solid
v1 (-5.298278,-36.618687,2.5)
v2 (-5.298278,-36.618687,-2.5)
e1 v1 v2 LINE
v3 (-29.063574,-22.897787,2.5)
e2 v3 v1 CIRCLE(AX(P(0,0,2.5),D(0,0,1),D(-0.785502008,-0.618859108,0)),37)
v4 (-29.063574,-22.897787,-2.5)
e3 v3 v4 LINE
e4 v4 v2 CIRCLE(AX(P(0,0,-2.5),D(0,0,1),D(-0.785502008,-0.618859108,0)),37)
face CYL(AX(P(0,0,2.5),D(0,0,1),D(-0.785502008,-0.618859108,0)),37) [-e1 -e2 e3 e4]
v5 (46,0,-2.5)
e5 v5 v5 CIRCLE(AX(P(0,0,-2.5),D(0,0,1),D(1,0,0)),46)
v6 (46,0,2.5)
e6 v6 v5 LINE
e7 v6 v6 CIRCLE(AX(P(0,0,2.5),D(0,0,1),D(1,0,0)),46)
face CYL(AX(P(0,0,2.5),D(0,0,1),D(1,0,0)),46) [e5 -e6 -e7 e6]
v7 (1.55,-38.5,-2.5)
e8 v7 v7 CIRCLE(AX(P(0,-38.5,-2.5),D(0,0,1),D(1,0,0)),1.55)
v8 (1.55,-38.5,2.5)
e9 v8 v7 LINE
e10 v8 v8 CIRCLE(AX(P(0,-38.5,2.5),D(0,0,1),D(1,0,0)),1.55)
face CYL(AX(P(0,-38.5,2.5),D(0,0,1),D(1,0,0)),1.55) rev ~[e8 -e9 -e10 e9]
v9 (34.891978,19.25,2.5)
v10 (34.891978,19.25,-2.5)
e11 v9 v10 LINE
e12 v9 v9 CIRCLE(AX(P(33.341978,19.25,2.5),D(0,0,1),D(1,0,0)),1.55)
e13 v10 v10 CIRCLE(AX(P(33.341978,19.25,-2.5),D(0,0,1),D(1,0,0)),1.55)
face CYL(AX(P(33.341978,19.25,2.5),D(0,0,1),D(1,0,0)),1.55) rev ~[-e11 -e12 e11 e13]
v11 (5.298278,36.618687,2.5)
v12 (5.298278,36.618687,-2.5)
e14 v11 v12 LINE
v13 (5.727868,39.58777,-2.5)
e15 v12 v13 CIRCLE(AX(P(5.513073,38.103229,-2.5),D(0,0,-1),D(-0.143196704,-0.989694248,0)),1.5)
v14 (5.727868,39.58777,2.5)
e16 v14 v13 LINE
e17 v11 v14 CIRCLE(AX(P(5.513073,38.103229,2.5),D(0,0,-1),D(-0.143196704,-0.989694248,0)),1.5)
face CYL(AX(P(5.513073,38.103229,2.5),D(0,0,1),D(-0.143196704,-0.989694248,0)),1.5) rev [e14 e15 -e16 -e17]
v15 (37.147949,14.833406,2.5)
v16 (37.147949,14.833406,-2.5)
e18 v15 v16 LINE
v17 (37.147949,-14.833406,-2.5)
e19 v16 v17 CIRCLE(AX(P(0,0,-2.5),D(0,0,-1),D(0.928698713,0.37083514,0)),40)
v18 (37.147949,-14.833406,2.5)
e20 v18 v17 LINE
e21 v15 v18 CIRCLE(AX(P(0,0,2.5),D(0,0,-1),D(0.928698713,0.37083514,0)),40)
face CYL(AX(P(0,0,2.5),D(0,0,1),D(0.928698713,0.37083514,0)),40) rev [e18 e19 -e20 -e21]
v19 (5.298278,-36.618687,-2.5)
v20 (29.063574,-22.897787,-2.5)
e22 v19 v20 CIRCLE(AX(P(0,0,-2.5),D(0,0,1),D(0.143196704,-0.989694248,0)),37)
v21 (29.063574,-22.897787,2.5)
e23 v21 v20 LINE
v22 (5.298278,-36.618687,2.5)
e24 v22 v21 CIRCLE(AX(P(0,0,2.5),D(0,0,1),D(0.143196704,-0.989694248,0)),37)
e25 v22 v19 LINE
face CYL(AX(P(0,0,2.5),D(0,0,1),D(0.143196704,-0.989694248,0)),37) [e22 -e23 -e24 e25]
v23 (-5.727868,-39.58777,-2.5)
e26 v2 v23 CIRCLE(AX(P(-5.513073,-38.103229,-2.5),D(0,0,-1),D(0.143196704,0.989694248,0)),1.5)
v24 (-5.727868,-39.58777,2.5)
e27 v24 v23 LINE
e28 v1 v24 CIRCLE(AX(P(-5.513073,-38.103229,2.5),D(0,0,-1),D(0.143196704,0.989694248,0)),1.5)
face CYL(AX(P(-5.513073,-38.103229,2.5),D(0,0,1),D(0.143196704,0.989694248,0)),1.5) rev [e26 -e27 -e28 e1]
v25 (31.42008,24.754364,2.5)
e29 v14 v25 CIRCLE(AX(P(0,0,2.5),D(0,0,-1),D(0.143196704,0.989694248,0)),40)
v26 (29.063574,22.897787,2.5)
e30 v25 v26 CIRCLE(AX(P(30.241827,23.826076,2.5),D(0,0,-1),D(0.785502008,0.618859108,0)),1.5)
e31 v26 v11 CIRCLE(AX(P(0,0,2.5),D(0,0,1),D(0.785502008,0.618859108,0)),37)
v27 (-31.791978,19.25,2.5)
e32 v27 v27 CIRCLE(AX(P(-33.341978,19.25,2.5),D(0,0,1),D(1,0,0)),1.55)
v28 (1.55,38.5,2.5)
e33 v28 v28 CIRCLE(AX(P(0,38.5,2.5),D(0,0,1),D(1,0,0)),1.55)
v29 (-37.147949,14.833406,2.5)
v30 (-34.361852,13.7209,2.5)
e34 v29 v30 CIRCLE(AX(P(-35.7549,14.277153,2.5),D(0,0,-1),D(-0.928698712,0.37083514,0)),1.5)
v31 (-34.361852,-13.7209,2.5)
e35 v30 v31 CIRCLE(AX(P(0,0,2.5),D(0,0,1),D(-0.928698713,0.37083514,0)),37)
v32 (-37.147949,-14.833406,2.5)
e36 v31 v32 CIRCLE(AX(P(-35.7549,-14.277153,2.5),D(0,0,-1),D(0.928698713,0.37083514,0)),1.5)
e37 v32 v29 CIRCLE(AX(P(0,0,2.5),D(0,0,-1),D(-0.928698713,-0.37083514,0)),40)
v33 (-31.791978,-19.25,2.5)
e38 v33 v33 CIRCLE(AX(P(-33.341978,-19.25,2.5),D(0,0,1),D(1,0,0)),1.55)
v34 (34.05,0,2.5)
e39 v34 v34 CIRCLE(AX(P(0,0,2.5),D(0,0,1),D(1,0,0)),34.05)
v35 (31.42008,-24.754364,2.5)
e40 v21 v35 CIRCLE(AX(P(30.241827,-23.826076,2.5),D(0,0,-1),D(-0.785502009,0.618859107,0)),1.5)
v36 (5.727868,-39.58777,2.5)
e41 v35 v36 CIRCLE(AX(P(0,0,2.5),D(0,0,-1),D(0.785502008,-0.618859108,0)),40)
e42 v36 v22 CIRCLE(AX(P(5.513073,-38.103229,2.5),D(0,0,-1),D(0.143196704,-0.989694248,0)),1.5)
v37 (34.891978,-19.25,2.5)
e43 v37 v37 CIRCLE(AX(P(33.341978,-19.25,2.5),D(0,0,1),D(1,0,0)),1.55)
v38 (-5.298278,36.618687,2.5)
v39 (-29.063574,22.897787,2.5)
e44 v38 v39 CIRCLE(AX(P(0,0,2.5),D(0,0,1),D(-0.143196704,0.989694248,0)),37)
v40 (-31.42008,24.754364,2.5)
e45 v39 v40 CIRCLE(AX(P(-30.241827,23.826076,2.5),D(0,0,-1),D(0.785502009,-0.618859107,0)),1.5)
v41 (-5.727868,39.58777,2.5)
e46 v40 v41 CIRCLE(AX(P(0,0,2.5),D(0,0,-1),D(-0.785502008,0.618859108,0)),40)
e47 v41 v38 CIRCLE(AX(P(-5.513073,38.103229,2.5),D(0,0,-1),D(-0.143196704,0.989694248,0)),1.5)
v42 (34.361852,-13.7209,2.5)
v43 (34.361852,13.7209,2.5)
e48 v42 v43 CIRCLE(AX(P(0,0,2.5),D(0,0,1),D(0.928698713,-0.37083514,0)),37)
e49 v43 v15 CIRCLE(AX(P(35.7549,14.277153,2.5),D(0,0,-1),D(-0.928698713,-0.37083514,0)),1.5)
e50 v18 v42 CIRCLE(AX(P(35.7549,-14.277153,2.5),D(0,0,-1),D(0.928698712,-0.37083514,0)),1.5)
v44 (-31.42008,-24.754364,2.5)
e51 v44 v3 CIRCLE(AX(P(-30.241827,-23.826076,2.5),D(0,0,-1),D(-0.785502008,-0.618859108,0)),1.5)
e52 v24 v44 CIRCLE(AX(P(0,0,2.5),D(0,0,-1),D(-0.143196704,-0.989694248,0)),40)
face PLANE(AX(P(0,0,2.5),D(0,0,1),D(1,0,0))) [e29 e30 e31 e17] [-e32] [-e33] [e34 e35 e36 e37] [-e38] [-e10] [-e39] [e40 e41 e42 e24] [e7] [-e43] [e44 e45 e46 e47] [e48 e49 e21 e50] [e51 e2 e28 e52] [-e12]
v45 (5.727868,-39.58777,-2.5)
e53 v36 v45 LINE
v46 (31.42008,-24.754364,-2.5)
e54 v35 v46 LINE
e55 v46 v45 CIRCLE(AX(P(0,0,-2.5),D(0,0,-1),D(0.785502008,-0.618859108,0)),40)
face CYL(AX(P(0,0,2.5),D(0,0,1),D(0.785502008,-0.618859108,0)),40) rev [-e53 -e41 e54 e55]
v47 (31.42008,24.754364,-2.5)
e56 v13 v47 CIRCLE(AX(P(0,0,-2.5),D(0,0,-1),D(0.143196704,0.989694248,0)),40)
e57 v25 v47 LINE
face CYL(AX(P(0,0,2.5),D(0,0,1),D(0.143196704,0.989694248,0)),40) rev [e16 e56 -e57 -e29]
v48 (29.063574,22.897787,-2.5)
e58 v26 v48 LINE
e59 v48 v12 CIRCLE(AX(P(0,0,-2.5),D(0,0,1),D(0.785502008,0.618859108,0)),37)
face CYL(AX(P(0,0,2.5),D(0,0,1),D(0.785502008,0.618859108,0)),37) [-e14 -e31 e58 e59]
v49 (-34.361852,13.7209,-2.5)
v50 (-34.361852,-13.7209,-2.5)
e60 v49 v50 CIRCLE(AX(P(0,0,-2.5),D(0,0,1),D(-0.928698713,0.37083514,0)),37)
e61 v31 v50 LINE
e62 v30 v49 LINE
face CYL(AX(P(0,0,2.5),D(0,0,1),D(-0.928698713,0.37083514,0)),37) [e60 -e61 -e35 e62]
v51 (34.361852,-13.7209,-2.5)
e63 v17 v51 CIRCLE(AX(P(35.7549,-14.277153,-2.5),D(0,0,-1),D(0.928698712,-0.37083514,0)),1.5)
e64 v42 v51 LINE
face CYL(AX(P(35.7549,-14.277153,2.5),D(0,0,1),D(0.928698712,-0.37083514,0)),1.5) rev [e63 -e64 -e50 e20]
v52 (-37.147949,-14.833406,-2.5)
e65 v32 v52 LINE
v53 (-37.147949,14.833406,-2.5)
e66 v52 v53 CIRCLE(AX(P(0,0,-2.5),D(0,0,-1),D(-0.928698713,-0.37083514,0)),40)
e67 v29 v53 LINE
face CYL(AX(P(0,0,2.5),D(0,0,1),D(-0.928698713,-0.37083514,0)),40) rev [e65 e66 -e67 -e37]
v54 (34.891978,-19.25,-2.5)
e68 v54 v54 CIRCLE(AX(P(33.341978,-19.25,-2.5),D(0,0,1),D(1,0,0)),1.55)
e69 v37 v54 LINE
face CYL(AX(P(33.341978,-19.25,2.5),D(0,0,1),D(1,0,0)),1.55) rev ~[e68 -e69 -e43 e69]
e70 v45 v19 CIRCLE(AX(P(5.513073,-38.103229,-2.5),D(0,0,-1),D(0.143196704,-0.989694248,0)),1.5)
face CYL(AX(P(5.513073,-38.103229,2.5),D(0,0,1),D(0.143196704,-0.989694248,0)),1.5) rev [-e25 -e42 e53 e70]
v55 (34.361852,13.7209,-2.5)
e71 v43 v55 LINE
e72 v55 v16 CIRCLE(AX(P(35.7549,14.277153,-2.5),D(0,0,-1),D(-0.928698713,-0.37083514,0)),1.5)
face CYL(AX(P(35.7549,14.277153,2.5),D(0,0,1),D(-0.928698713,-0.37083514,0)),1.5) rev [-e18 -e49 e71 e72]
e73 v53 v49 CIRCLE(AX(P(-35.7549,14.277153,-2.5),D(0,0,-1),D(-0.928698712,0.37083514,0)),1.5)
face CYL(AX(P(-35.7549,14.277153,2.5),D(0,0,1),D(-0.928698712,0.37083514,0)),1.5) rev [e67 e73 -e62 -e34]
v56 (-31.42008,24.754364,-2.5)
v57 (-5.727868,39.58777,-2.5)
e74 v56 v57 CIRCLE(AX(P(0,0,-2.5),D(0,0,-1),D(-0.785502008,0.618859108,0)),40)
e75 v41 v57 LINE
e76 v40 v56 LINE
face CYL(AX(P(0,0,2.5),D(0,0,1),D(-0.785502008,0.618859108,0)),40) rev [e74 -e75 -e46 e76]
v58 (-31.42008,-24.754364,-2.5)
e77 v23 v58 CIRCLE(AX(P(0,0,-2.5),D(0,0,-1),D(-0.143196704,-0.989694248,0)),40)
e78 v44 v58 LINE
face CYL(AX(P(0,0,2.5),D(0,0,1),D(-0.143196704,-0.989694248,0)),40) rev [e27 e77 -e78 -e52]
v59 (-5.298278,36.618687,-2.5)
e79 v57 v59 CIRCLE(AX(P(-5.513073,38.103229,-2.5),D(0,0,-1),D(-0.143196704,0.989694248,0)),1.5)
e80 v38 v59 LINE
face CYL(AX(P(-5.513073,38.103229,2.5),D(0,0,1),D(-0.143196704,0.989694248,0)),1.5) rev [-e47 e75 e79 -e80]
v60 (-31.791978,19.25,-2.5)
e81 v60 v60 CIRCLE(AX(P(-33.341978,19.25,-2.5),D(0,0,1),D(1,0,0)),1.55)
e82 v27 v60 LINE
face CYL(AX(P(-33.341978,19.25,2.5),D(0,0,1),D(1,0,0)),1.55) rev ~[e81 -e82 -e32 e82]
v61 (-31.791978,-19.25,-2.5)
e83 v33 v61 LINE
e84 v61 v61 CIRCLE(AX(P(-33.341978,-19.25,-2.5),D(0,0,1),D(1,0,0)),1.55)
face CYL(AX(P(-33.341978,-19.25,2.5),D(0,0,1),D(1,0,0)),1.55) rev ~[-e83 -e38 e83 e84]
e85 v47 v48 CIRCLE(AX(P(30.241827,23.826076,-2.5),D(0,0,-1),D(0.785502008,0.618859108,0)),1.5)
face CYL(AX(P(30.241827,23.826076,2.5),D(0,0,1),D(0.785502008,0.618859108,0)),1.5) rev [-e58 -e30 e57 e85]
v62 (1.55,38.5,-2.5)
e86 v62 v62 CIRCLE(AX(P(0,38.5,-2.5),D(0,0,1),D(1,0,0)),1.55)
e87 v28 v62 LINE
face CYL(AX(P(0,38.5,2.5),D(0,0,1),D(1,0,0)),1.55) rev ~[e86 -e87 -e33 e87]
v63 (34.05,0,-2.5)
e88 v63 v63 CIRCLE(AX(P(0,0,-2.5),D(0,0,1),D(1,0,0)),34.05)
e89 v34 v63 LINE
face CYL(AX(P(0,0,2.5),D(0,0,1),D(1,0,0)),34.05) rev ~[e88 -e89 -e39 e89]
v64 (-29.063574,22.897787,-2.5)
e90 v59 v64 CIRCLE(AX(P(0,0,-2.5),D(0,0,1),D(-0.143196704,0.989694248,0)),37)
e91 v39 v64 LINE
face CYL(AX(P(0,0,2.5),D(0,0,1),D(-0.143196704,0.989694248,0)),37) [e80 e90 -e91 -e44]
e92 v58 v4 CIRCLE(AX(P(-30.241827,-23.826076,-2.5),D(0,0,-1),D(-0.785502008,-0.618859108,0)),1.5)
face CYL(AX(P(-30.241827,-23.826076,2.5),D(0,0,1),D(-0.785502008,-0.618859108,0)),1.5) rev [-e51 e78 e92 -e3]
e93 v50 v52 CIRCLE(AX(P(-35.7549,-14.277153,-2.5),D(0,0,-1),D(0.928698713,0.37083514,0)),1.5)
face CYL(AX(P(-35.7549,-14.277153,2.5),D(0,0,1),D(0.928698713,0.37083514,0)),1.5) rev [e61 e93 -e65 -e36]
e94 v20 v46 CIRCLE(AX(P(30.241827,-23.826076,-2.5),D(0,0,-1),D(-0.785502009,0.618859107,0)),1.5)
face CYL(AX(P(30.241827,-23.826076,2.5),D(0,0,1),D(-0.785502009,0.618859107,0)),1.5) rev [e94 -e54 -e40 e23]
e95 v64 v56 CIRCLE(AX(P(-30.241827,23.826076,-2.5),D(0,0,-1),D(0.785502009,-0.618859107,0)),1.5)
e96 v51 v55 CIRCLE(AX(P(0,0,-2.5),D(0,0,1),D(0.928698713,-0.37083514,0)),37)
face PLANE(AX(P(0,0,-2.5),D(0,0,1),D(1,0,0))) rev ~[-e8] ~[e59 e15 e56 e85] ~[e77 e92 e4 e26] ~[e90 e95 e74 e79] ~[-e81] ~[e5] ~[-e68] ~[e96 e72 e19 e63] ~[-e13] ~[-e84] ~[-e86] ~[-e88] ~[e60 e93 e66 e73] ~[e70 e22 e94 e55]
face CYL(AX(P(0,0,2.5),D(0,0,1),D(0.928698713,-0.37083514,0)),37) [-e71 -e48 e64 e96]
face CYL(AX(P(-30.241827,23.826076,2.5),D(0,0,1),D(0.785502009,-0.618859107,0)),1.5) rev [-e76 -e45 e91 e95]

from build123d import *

# Parameters (mm, degrees)
SKETCH_1_R      = 46
SKETCH_1_R_2    = 1.55
SKETCH_1_R_3    = 34.05
EXTRUDE_1_DEPTH = 5


with BuildPart() as part:
    # 草图1 → 凸台-拉伸1 (new body)
    with BuildSketch(Plane.XY.offset(2.5)):
        Circle(SKETCH_1_R)
        with Locations((33.341978046, 19.25)):
            Circle(SKETCH_1_R_2, mode=Mode.SUBTRACT)
        with Locations((33.341978046, -19.25)):
            Circle(SKETCH_1_R_2, mode=Mode.SUBTRACT)
        with Locations((0, -38.5)):
            Circle(SKETCH_1_R_2, mode=Mode.SUBTRACT)
        with Locations((-33.341978046, -19.25)):
            Circle(SKETCH_1_R_2, mode=Mode.SUBTRACT)
        with Locations((-33.341978046, 19.25)):
            Circle(SKETCH_1_R_2, mode=Mode.SUBTRACT)
        with Locations((0, 38.5)):
            Circle(SKETCH_1_R_2, mode=Mode.SUBTRACT)
        Circle(SKETCH_1_R_3, mode=Mode.SUBTRACT)
        with BuildLine():
            ThreePointArc((-5.298278059, 36.618687164), (-18.5, 32.04293994), (-29.063574308, 22.897786978))
            ThreePointArc((-29.063574308, 22.897786978), (-31.170115981, 22.647822626), (-31.420080332, 24.7543643))
            ThreePointArc((-31.420080332, 24.7543643), (-20, 34.641016151), (-5.727868172, 39.587769907))
            ThreePointArc((-5.727868172, 39.587769907), (-4.028531744, 38.318023592), (-5.298278059, 36.618687164))
        make_face(mode=Mode.SUBTRACT)
        with BuildLine():
            ThreePointArc((29.063574308, 22.897786978), (18.5, 32.04293994), (5.298278059, 36.618687164))
            ThreePointArc((5.298278059, 36.618687164), (4.028531744, 38.318023592), (5.727868172, 39.587769907))
            ThreePointArc((5.727868172, 39.587769907), (20, 34.641016151), (31.420080332, 24.7543643))
            ThreePointArc((31.420080332, 24.7543643), (31.170115981, 22.647822626), (29.063574308, 22.897786978))
        make_face(mode=Mode.SUBTRACT)
        with BuildLine():
            ThreePointArc((34.361852367, -13.720900186), (37, 0), (34.361852367, 13.720900186))
            ThreePointArc((34.361852367, 13.720900186), (35.198647725, 15.670200965), (37.147948505, 14.833405607))
            ThreePointArc((37.147948505, 14.833405607), (40, 0), (37.147948505, -14.833405607))
            ThreePointArc((37.147948505, -14.833405607), (35.198647725, -15.670200965), (34.361852367, -13.720900186))
        make_face(mode=Mode.SUBTRACT)
        with BuildLine():
            ThreePointArc((5.298278059, -36.618687164), (18.5, -32.04293994), (29.063574308, -22.897786978))
            ThreePointArc((29.063574308, -22.897786978), (31.170115981, -22.647822626), (31.420080332, -24.7543643))
            ThreePointArc((31.420080332, -24.7543643), (20, -34.641016151), (5.727868172, -39.587769907))
            ThreePointArc((5.727868172, -39.587769907), (4.028531744, -38.318023592), (5.298278059, -36.618687164))
        make_face(mode=Mode.SUBTRACT)
        with BuildLine():
            ThreePointArc((-29.063574308, -22.897786978), (-18.5, -32.04293994), (-5.298278059, -36.618687164))
            ThreePointArc((-5.298278059, -36.618687164), (-4.028531744, -38.318023592), (-5.727868172, -39.587769907))
            ThreePointArc((-5.727868172, -39.587769907), (-20, -34.641016151), (-31.420080332, -24.7543643))
            ThreePointArc((-31.420080332, -24.7543643), (-31.170115981, -22.647822626), (-29.063574308, -22.897786978))
        make_face(mode=Mode.SUBTRACT)
        with BuildLine():
            ThreePointArc((-34.361852367, 13.720900186), (-37, 0), (-34.361852367, -13.720900186))
            ThreePointArc((-34.361852367, -13.720900186), (-35.198647725, -15.670200965), (-37.147948505, -14.833405607))
            ThreePointArc((-37.147948505, -14.833405607), (-40, 0), (-37.147948505, 14.833405607))
            ThreePointArc((-37.147948505, 14.833405607), (-35.198647725, 15.670200965), (-34.361852367, 13.720900186))
        make_face(mode=Mode.SUBTRACT)
    extrude(amount=-EXTRUDE_1_DEPTH)


solid = part.part
